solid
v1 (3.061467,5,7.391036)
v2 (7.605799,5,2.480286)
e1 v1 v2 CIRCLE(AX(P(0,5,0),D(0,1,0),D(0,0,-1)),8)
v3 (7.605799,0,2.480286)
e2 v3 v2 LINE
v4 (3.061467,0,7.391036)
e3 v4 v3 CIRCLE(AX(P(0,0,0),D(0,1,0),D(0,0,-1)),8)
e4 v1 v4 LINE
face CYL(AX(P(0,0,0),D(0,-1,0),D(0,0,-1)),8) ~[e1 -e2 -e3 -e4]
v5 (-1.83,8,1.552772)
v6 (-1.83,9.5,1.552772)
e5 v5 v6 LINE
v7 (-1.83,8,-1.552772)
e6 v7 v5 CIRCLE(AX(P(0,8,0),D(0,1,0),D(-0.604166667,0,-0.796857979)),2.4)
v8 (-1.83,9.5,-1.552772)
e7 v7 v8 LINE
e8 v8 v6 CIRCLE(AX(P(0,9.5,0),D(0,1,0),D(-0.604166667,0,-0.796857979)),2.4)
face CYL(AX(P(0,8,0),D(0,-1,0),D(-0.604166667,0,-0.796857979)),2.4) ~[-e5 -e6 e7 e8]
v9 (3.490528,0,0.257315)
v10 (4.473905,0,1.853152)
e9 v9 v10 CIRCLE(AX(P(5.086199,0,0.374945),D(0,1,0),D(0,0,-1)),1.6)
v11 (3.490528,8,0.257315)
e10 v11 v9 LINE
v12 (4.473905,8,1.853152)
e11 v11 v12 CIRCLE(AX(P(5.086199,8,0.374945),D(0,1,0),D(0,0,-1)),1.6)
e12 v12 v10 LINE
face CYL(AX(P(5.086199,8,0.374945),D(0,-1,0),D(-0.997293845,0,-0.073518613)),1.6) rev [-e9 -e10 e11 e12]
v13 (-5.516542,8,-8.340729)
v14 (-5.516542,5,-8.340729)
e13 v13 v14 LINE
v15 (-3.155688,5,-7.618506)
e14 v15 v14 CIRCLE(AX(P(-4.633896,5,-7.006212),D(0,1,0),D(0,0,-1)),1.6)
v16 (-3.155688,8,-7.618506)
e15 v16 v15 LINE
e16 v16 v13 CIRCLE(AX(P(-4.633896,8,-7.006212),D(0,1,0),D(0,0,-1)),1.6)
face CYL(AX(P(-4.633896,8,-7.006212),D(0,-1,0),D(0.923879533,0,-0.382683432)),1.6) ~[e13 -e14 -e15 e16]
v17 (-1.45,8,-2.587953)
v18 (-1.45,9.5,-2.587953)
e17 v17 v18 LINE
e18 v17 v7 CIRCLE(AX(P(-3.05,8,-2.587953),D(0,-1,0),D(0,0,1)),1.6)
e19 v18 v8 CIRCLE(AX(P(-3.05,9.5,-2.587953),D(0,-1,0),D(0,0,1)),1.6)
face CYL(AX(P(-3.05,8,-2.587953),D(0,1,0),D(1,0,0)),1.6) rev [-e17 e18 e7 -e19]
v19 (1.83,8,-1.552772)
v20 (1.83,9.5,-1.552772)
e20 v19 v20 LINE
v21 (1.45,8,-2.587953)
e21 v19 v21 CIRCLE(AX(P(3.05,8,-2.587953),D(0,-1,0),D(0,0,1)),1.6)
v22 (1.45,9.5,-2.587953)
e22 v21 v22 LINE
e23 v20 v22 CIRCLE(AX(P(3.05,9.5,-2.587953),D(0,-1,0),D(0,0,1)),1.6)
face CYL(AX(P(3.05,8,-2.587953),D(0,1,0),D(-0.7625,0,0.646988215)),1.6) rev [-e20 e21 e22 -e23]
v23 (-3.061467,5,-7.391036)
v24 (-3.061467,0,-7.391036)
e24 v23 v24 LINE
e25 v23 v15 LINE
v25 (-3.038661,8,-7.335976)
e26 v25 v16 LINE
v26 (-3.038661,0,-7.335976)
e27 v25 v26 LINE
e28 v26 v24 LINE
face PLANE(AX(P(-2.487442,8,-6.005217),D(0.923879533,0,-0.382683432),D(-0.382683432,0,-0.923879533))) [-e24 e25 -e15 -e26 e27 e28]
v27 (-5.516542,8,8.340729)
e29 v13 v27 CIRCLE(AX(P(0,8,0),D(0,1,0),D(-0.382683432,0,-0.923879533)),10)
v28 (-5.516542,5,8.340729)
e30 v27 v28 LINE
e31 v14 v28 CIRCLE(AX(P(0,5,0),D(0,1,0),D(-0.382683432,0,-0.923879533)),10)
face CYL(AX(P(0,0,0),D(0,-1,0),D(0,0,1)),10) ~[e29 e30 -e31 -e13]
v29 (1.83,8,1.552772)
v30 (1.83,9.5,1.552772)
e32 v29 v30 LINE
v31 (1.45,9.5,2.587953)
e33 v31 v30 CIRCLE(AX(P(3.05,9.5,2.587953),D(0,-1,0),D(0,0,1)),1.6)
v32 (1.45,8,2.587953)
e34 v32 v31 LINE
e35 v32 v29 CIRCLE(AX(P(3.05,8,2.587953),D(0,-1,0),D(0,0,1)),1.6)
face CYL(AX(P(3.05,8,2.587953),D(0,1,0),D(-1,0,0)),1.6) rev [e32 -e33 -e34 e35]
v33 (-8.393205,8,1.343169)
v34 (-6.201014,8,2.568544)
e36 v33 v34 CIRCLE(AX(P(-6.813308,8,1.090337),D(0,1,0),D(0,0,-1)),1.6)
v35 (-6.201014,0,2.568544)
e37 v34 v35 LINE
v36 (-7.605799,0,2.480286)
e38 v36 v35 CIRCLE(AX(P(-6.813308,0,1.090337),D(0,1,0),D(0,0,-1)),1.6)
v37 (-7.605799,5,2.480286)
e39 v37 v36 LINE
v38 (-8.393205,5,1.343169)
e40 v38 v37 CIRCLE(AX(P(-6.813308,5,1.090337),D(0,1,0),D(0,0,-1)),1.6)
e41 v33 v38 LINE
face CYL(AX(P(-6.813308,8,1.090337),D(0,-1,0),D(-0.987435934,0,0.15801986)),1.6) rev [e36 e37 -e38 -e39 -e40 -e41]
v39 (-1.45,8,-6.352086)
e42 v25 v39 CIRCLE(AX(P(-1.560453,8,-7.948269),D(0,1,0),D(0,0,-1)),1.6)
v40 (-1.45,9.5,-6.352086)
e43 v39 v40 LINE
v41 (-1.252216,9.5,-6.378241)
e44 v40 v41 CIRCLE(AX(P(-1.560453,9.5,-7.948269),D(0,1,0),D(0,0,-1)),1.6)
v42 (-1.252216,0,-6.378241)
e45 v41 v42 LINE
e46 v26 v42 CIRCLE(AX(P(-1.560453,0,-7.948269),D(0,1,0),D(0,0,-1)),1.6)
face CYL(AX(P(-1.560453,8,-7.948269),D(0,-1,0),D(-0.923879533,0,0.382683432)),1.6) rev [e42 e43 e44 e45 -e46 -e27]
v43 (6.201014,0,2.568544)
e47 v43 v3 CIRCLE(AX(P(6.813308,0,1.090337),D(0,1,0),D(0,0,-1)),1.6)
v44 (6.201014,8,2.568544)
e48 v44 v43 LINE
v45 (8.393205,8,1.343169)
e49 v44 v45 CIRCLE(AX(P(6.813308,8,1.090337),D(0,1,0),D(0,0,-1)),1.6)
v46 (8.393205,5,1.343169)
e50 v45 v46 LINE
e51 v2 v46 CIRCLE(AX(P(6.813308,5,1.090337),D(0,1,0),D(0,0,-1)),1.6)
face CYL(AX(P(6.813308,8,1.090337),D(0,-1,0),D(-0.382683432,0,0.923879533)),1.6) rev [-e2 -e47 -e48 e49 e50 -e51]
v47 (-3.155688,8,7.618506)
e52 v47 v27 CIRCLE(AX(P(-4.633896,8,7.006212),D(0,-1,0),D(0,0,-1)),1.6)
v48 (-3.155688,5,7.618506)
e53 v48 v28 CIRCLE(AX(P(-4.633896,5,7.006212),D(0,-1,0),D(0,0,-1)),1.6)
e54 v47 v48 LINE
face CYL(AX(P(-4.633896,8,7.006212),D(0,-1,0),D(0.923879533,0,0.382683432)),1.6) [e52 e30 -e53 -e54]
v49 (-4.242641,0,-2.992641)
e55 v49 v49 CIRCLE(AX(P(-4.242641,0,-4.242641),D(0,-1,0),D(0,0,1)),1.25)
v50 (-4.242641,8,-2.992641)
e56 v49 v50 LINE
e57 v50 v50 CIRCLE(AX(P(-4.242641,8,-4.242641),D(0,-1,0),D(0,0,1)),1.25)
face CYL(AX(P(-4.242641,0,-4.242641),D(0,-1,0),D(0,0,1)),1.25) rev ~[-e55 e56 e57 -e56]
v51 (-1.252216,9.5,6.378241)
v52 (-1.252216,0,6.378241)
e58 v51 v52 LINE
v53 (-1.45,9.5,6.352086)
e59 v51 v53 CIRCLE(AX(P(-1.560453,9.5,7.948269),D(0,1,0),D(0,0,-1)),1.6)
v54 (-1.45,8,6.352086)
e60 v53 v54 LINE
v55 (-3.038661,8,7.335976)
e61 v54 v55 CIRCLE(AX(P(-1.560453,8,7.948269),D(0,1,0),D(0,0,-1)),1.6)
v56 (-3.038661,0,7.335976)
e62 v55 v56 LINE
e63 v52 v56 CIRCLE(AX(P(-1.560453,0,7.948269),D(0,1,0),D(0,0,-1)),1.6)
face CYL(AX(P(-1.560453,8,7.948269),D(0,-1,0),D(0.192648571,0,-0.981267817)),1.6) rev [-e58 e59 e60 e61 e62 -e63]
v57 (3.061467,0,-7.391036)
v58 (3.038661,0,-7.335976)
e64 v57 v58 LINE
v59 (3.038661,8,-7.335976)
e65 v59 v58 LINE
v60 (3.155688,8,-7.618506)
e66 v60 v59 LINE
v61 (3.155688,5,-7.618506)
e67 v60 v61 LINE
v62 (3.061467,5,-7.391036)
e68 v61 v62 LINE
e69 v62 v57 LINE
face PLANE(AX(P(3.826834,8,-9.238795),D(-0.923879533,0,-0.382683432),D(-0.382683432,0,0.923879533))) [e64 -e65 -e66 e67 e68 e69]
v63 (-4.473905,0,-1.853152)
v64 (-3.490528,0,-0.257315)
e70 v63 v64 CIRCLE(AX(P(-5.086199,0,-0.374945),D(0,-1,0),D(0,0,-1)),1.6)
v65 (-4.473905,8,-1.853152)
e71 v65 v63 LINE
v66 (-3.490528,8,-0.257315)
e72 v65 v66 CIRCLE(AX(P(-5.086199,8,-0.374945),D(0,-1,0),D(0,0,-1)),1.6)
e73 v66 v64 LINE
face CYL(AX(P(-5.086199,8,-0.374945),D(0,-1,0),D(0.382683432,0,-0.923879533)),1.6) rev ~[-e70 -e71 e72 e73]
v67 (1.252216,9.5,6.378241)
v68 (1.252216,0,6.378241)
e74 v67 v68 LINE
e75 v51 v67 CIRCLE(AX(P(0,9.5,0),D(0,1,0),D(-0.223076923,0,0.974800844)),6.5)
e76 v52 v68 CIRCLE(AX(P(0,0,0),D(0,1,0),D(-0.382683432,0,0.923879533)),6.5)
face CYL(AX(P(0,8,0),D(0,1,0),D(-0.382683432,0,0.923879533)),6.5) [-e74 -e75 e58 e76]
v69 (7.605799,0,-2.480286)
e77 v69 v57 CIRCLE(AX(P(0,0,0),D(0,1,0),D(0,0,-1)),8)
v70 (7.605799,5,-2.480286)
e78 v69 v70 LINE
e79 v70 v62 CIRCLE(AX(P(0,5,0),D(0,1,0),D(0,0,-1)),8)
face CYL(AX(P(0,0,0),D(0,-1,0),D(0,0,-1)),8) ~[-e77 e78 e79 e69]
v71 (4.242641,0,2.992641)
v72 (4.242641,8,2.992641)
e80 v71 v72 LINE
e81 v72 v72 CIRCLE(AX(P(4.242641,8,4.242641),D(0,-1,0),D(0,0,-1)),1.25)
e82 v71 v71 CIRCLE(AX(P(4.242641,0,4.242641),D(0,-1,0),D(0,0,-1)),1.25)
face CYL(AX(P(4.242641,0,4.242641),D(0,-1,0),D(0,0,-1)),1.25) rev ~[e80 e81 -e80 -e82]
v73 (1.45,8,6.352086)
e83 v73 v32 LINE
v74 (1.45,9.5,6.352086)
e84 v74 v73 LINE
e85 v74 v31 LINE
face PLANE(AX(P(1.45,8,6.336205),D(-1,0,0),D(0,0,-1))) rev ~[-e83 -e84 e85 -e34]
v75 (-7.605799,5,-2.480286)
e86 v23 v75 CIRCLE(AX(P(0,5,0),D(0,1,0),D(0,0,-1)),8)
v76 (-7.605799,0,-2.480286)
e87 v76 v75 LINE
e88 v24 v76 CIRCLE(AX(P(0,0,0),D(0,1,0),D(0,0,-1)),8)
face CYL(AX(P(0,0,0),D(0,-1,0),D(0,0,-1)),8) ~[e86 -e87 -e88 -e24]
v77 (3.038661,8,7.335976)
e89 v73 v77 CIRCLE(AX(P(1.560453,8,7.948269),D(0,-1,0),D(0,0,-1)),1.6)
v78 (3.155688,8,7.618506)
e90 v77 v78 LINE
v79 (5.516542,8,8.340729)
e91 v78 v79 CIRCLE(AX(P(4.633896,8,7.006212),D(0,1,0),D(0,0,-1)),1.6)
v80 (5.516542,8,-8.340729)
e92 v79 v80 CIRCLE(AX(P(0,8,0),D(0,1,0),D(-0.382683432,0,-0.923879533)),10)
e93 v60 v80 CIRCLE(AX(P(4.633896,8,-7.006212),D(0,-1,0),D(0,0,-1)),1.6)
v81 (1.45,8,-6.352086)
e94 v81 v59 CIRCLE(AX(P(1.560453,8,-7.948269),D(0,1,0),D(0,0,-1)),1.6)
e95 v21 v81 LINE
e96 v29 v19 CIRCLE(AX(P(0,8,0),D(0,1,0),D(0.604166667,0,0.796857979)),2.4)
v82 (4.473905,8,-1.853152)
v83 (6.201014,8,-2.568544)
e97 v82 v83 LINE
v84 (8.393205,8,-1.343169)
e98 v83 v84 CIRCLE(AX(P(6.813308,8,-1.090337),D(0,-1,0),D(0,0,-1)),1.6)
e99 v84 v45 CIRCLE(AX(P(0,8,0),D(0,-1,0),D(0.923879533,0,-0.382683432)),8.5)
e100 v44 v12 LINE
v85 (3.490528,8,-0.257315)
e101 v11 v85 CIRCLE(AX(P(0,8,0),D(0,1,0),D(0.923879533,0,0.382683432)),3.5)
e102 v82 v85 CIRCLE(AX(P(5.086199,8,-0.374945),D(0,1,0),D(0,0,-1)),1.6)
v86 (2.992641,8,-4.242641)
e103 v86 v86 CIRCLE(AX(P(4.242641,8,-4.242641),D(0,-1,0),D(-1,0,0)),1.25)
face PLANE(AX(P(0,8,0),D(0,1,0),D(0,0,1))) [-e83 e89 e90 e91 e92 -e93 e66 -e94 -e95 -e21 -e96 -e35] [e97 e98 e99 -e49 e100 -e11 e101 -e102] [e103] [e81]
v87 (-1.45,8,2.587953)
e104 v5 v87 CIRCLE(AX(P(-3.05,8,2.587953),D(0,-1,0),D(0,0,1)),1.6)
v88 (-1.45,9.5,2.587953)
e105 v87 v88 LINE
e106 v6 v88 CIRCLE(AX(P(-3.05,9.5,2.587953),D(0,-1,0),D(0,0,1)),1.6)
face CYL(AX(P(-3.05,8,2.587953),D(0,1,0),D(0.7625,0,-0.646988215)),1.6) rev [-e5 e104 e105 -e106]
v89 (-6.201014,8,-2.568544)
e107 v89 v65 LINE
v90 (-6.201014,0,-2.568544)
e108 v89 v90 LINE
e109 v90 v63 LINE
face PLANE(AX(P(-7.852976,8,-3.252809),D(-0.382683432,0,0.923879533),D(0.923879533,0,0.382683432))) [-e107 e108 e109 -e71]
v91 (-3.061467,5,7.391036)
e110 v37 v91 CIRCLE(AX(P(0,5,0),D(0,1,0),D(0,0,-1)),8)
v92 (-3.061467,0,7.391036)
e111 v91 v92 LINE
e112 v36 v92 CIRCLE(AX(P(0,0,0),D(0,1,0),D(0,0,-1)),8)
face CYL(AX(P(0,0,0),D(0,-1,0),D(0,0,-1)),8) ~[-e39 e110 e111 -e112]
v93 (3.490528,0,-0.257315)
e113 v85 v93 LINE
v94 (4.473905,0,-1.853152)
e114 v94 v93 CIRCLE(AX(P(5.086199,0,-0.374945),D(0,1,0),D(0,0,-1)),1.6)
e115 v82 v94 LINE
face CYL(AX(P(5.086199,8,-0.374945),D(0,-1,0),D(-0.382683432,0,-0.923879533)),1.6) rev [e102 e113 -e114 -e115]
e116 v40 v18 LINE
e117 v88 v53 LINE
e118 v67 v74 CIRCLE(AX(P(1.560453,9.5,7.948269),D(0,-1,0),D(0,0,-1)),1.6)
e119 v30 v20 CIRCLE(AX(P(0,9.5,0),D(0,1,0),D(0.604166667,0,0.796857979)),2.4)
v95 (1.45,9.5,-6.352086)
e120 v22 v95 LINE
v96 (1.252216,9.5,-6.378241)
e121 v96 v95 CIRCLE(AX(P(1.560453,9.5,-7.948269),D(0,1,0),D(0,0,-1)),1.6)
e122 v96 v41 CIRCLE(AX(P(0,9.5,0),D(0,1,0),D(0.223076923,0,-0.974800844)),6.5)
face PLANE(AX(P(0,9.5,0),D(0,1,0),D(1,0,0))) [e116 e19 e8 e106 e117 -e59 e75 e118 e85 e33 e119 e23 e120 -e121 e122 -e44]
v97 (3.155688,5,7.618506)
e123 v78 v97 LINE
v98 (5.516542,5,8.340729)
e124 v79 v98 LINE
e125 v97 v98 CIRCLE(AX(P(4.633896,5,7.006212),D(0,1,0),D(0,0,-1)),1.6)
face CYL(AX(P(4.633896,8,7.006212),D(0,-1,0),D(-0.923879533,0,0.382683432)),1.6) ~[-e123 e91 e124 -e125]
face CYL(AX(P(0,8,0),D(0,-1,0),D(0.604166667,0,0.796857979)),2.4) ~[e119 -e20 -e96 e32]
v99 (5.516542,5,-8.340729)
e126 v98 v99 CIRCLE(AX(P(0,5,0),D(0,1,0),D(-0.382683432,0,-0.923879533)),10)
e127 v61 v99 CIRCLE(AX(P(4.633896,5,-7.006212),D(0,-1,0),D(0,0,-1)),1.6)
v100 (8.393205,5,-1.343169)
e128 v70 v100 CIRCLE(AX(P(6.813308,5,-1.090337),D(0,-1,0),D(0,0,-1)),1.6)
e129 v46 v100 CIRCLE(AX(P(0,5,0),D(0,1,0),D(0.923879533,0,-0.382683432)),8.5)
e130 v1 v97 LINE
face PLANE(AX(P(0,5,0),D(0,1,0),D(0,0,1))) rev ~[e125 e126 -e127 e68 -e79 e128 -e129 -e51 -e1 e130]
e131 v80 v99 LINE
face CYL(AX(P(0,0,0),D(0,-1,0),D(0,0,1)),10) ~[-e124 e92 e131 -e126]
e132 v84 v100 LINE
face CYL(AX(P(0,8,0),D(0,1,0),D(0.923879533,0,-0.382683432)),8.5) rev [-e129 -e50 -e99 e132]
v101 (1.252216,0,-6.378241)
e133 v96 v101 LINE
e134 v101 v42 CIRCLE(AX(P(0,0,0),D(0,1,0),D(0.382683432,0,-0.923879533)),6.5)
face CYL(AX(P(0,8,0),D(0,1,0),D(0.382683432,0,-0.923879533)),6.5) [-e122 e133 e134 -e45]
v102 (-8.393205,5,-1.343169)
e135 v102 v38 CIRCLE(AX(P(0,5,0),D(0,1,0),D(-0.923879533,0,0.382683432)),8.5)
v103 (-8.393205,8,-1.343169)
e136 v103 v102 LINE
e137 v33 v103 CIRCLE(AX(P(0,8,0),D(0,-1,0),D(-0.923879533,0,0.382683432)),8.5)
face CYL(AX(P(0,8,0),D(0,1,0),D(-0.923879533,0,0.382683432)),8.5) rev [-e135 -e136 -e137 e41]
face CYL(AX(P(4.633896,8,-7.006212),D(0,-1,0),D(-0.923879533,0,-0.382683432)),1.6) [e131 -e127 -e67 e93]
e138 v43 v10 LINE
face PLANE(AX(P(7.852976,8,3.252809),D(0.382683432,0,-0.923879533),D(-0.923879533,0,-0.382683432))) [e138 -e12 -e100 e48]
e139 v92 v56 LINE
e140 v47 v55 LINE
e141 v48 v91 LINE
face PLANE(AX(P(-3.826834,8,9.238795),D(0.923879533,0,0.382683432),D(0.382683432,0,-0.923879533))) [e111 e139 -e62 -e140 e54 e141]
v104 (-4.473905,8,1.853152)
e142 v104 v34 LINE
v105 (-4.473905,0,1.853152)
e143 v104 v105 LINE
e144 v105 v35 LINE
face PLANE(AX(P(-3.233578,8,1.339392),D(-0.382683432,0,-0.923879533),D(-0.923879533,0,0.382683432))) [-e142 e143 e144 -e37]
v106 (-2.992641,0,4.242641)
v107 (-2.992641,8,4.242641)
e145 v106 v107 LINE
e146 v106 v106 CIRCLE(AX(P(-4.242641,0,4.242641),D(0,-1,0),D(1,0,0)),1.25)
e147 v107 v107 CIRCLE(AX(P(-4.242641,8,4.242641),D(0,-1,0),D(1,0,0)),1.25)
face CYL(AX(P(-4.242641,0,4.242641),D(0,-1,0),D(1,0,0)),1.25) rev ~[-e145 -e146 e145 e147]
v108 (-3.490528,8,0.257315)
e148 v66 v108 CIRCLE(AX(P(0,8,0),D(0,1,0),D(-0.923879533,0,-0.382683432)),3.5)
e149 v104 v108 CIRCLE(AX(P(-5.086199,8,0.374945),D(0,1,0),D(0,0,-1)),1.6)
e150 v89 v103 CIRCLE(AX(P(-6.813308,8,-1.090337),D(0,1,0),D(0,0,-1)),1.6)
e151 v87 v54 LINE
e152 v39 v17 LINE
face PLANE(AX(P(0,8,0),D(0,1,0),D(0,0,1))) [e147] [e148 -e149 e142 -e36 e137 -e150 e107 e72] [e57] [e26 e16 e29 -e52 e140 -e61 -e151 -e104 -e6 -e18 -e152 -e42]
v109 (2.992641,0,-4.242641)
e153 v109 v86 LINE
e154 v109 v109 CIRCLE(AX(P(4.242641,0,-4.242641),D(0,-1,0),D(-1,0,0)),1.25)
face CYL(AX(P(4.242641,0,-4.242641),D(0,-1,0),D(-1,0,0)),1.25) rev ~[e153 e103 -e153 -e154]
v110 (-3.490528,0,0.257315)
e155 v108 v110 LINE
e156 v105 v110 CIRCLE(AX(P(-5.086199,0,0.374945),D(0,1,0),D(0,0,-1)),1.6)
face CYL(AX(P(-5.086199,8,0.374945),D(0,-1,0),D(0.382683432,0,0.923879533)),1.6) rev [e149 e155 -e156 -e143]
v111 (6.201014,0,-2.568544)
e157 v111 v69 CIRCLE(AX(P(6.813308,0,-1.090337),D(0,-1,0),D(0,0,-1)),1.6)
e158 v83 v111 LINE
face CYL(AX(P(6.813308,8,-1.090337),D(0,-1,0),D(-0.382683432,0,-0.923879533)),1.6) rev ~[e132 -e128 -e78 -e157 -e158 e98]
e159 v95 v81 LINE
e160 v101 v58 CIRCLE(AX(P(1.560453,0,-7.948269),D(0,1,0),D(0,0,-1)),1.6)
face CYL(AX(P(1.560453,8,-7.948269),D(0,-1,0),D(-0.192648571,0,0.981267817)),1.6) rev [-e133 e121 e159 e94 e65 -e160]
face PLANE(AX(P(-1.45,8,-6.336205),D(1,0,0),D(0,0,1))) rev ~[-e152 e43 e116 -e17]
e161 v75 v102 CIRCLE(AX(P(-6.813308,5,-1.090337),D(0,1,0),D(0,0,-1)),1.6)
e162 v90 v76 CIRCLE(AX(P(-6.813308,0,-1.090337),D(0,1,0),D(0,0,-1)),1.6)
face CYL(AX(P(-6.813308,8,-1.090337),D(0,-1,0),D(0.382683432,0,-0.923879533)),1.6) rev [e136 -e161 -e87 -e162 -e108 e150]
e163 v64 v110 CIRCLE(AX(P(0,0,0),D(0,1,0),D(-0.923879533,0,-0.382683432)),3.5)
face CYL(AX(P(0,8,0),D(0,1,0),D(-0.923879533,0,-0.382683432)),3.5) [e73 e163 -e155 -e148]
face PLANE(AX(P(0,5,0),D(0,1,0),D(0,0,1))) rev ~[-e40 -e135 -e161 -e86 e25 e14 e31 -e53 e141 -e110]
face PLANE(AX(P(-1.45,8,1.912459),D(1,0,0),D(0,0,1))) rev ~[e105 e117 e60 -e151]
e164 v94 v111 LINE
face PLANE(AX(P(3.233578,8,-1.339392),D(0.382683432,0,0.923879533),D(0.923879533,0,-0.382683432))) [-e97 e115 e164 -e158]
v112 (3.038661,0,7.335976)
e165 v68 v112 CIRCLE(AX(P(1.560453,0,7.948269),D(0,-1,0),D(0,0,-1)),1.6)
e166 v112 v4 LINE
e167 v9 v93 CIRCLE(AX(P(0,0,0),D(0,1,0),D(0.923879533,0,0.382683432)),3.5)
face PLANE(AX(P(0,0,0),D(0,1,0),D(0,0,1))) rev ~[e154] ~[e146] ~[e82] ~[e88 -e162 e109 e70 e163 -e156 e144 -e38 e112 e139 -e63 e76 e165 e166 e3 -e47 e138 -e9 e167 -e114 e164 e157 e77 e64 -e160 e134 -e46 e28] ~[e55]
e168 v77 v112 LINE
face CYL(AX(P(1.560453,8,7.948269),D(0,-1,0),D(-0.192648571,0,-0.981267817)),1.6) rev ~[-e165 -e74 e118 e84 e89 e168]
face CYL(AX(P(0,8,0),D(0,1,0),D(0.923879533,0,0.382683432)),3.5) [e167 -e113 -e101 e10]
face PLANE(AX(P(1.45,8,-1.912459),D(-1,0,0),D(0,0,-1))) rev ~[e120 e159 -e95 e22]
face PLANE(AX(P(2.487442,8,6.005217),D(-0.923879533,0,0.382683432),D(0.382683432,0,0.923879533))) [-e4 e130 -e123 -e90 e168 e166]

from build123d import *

# Parameters (mm, degrees)
SKETCH1_R                = 10
BOSS_EXTRUDE1_DEPTH      = 8
BOSS_EXTRUDE2_DEPTH      = 1.5
FILLET1_R                = 1.6
SKETCH5_R                = 10
SKETCH5_R_2              = 8
CUT_EXTRUDE1_DEPTH       = 5
CUT_EXTRUDE2_REACH       = 19.037
SKETCH6_R                = 1.2500000000000002
CIRPATTERN1_COUNT        = 4
CUT_EXTRUDE3_DEPTH       = 17.24807680927192
FILLET2_R                = 1.6
CIRPATTERN2_COUNT        = 2
FILLET2_OF_CIRPATTERN2_R = 1.6


with BuildPart() as part:
    # Sketch1 → Boss-Extrude1 (new body)
    with BuildSketch(Plane(origin=(0, 0, 0), x_dir=(1, 0, 0), z_dir=(0, 1, 0))):
        with Locations(Location((0, 0, 0), (0, 0, 270))):
            Circle(SKETCH1_R)
    extrude(amount=BOSS_EXTRUDE1_DEPTH)

    # Sketch4 → Boss-Extrude2 (add)
    with BuildSketch(Plane(origin=(0, 8, 0), x_dir=(1, 0, 0), z_dir=(0, 1, 0))):
        with BuildLine():
            Line((-1.449999999999999, 6.336205489092031), (-1.45, 1.9124591498905275))
            ThreePointArc((-1.45, 1.9124591498905275), (-2.4, 2.9e-16), (-1.45, -1.9124591498905275))
            Line((-1.45, -1.9124591498905275), (-1.449999999999999, -6.336205489092031))
            ThreePointArc((-1.449999999999999, -6.336205489092031), (4e-16, -6.499999999999999), (1.449999999999999, -6.336205489092031))
            Line((1.449999999999999, -6.336205489092031), (1.45, -1.9124591498905275))
            ThreePointArc((1.45, -1.9124591498905275), (2.4, 0), (1.45, 1.9124591498905275))
            Line((1.45, 1.9124591498905275), (1.449999999999999, 6.336205489092031))
            ThreePointArc((1.449999999999999, 6.336205489092031), (4e-16, 6.499999999999999), (-1.449999999999999, 6.336205489092031))
        make_face()
    extrude(amount=BOSS_EXTRUDE2_DEPTH)

    # Fillet1
    fillet1_edges = [part.edges().sort_by_distance(p)[0] for p in [
        (-1.4500000000000002, 8.75, -1.9124591498905277),
        (-1.4500000000000002, 8.75, 1.9124591498905277),
        (1.4500000000000002, 8.75, 1.9124591498905277),
        (1.4500000000000002, 8.75, -1.9124591498905277),
    ]]
    fillet(fillet1_edges, radius=FILLET1_R)

    # Sketch5 → Cut-Extrude1 (cut)
    with BuildSketch(Plane(origin=(0, 0, 0), x_dir=(1, 0, 0), z_dir=(0, 1, 0))):
        with Locations(Location((0, 0, 0), (0, 0, 270))):
            Circle(SKETCH5_R)
        with Locations(Location((0, 0, 0), (0, 0, 90))):
            Circle(SKETCH5_R_2, mode=Mode.SUBTRACT)
    extrude(amount=CUT_EXTRUDE1_DEPTH, mode=Mode.SUBTRACT)

    # Sketch6 → Cut-Extrude2 (cut, up to next)
    with BuildSketch(Plane.XZ, mode=Mode.PRIVATE) as cut_extrude2_sk1:
        with Locations(Location((4.242640687119277, 4.242640687119293, 0), (0, 0, 270))):
            Circle(SKETCH6_R)
    cut_extrude2_tool1 = extrude(cut_extrude2_sk1.sketch, amount=-CUT_EXTRUDE2_REACH, mode=Mode.PRIVATE) & part.part
    cut_extrude2 = cut_extrude2_tool1.solids().sort_by_distance((4.242641, 0, 4.242641))[0]
    add(cut_extrude2, mode=Mode.SUBTRACT)

    # CirPattern1: Cut-Extrude2 ×4 about axis
    cirpattern1_axis = Axis((7.37e-15, 0, -7.37e-15), (0, 1, 0))
    for i in range(1, CIRPATTERN1_COUNT):
        add(cut_extrude2.rotate(cirpattern1_axis, i * 360 / CIRPATTERN1_COUNT), mode=Mode.SUBTRACT)

    # Sketch7 → Cut-Extrude3 (cut, through all)
    with BuildSketch(Plane(origin=(0, 8, 0), x_dir=(1, 0, 0), z_dir=(0, 1, 0))):
        with BuildLine():
            Line((-3.233578363789502, -1.3393920132778183), (-7.852976026345933, -3.2528091751032733))
            ThreePointArc((-7.852976026345933, -3.2528091751032733), (-8.5, -1.04e-15), (-7.852976026345933, 3.2528091751032733))
            Line((-7.852976026345933, 3.2528091751032733), (-3.233578363789502, 1.3393920132778183))
            ThreePointArc((-3.233578363789502, 1.3393920132778183), (-3.5, -4.3e-16), (-3.233578363789502, -1.3393920132778183))
        make_face()
        with BuildLine():
            Line((-2.487442310373089, 6.005216961323361), (-3.826834323650907, 9.238795325112864))
            ThreePointArc((-3.826834323650907, 9.238795325112864), (6.1e-16, 10), (3.826834323650907, 9.238795325112864))
            Line((3.826834323650907, 9.238795325112864), (2.487442310373089, 6.005216961323361))
            ThreePointArc((2.487442310373089, 6.005216961323361), (4e-16, 6.5), (-2.487442310373089, 6.005216961323361))
        make_face()
    cut_extrude3 = extrude(amount=-CUT_EXTRUDE3_DEPTH, mode=Mode.SUBTRACT)

    # Fillet2
    fillet2_edges = [part.edges().sort_by_distance(p)[0] for p in [
        (-7.852976026345933, 6.5, 3.2528091751032733),
        (-7.852976026345933, 6.5, -3.2528091751032733),
        (-3.233578363789502, 4, 1.3393920132778185),
        (-3.233578363789502, 4, -1.3393920132778183),
        (2.487442310373089, 4, -6.005216961323361),
        (-2.4874423103730887, 4, -6.005216961323361),
        (3.826834323650907, 6.5, -9.238795325112866),
        (-3.826834323650907, 6.5, -9.238795325112866),
    ]]
    fillet(fillet2_edges, radius=FILLET2_R)

    # CirPattern2: Cut-Extrude3 ×2 about axis
    cirpattern2_axis = Axis((-8.01e-15, 0, 6.38e-15), (0, 1, 0))
    for i in range(1, CIRPATTERN2_COUNT):
        add(cut_extrude3.rotate(cirpattern2_axis, i * 360 / CIRPATTERN2_COUNT), mode=Mode.SUBTRACT)

    # Fillet2 of CirPattern2
    fillet2_of_cirpattern2_edges = [part.edges().sort_by_distance(p)[0] for p in [
        (7.852976026345917, 6.5, -3.2528091751032595),
        (7.852976026345917, 6.5, 3.252809175103287),
        (3.233578363789486, 4, -1.3393920132778052),
        (3.233578363789486, 4, 1.3393920132778316),
        (-2.487442310373106, 4, 6.005216961323374),
        (2.487442310373072, 4, 6.005216961323374),
        (-3.826834323650924, 6.5, 9.238795325112878),
        (3.8268343236508895, 6.5, 9.238795325112878),
    ]]
    fillet(fillet2_of_cirpattern2_edges, radius=FILLET2_OF_CIRPATTERN2_R)


solid = part.part
